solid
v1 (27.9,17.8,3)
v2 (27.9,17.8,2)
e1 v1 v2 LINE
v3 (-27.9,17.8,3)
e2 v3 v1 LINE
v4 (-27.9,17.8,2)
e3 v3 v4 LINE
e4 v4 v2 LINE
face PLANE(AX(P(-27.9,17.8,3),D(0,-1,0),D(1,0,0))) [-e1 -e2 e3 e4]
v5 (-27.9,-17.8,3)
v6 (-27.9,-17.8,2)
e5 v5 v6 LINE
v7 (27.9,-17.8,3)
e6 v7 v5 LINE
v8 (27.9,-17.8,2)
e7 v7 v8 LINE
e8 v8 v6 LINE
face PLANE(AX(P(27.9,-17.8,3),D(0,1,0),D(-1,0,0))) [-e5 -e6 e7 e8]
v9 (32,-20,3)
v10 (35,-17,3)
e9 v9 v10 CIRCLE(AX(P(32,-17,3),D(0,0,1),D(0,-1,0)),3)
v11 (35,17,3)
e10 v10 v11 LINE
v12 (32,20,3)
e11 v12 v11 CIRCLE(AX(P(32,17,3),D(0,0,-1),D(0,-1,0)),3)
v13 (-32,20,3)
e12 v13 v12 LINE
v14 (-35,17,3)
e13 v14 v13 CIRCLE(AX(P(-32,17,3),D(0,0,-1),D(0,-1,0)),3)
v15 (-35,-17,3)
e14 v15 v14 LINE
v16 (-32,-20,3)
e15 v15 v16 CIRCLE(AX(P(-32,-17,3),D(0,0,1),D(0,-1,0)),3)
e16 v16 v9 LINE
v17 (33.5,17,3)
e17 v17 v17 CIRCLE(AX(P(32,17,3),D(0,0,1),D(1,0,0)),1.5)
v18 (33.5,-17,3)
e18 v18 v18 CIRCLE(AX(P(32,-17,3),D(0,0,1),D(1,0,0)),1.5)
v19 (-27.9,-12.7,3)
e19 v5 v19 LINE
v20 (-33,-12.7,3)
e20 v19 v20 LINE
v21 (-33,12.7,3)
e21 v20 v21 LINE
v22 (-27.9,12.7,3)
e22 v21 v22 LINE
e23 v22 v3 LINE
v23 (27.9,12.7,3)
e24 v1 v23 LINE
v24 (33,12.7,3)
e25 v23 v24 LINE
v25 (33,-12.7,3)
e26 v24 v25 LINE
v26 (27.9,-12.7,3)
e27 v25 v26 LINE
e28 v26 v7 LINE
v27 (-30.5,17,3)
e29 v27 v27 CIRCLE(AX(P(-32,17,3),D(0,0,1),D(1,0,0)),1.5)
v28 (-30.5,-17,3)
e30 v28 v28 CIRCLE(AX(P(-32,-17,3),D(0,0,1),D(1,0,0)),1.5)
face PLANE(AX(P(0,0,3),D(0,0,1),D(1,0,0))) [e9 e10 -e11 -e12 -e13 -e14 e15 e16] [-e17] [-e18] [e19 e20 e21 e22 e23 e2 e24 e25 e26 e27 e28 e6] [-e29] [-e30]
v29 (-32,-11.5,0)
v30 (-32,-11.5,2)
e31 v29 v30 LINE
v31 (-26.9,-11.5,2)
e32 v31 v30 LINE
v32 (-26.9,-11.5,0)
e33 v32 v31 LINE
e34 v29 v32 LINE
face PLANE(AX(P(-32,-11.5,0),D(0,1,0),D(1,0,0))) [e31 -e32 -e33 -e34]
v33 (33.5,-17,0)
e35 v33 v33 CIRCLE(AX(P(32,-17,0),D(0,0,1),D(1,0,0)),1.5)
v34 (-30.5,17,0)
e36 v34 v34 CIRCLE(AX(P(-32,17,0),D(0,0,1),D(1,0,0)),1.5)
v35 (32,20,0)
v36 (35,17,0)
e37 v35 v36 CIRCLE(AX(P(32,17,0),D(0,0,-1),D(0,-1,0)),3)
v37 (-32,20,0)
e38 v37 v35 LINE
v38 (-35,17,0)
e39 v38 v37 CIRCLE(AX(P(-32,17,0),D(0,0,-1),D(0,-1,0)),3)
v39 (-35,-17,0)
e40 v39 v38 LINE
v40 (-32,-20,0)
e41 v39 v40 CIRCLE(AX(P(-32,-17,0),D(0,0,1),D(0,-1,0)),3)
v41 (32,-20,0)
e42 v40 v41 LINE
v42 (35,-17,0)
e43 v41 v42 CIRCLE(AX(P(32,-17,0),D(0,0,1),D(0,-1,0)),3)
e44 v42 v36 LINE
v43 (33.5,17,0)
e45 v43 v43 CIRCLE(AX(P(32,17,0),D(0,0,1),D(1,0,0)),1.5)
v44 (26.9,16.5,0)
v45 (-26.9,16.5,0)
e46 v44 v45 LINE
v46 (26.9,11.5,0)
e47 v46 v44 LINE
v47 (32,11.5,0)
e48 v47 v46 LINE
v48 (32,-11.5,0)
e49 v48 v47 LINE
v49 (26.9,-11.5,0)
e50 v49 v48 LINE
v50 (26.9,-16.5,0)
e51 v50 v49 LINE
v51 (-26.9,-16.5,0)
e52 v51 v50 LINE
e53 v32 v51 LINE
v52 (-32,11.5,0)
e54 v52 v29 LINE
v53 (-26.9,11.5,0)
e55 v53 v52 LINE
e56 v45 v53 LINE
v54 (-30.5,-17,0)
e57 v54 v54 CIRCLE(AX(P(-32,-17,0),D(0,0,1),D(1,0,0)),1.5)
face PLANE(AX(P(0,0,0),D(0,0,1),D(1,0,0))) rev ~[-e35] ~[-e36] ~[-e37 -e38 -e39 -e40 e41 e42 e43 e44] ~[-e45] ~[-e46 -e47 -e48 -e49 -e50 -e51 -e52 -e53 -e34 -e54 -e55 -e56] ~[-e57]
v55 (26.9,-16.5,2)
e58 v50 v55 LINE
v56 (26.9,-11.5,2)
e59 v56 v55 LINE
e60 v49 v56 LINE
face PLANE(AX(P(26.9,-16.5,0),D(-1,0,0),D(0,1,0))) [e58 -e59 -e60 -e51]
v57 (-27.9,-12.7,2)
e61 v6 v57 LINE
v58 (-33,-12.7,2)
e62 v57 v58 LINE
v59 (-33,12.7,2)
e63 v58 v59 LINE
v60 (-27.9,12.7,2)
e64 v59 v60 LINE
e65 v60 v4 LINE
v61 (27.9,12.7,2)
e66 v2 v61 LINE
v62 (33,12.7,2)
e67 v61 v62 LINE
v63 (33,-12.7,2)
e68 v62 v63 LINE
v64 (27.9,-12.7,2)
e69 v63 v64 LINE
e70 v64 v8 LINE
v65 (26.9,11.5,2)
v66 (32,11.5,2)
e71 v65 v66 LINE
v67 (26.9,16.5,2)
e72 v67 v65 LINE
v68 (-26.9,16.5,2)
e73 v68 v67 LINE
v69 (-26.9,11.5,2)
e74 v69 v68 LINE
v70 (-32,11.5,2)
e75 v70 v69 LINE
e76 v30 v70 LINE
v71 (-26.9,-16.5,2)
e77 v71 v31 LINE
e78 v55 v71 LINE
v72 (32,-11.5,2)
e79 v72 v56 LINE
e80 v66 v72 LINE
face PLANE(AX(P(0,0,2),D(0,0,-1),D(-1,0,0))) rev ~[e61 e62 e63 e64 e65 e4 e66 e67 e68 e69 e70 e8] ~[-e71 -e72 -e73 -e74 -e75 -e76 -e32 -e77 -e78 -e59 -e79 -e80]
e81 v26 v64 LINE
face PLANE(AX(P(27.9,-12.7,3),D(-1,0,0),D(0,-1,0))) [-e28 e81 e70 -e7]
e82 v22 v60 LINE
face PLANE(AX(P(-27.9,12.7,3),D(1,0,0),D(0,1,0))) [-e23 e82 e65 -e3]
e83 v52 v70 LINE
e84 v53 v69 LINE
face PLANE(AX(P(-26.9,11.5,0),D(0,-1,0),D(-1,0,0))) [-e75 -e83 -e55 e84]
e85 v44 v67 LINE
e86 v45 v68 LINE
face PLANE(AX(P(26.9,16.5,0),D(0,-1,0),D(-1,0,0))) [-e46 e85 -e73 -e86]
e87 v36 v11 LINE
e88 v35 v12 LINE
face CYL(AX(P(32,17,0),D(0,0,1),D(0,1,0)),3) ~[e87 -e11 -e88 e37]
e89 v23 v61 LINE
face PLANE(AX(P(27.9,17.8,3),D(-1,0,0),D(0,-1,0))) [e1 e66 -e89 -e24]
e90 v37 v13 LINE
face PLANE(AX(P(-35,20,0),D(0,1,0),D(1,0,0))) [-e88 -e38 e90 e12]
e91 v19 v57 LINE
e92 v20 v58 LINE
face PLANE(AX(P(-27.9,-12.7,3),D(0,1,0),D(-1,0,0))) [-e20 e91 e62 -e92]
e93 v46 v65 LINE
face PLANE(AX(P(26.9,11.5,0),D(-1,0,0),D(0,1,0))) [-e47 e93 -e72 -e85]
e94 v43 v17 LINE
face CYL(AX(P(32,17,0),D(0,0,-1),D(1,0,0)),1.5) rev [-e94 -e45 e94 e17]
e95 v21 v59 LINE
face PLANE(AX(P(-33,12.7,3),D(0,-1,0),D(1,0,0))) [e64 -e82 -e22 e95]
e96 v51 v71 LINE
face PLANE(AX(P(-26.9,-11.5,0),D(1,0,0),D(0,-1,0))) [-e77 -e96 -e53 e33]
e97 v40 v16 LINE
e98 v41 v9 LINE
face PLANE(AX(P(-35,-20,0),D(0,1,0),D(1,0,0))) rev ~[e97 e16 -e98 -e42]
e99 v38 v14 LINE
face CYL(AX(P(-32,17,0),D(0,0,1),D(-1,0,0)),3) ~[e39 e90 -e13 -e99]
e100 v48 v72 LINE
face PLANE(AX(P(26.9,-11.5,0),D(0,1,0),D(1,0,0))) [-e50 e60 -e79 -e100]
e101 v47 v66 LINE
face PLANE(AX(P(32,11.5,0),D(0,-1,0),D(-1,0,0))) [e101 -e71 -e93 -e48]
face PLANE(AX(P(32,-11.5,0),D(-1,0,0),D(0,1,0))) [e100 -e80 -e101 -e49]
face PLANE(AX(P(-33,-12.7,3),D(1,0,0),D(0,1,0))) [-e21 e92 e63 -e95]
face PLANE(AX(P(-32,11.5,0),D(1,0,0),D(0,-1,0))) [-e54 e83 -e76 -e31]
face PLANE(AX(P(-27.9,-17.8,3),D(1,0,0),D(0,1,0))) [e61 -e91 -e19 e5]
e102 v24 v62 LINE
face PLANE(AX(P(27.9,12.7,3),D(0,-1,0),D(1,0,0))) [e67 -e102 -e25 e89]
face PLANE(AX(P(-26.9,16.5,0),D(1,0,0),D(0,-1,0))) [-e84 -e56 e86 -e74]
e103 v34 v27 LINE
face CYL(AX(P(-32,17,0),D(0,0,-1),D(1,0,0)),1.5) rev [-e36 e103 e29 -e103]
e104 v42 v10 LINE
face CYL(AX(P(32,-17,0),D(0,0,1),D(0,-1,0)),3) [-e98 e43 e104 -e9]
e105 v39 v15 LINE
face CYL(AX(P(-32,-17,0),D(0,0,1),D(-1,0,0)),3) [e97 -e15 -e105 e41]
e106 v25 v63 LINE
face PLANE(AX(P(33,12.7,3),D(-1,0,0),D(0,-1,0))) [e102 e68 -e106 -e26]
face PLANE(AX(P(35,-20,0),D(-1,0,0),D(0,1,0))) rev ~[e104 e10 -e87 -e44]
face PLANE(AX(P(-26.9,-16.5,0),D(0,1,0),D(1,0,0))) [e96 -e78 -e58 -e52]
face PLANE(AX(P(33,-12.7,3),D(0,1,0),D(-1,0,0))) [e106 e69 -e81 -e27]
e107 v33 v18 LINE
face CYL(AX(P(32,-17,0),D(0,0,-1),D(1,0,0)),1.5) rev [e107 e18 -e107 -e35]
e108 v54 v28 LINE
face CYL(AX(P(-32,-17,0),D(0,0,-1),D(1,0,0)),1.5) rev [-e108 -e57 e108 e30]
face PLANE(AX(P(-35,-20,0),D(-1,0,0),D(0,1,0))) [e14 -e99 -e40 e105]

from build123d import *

# Parameters (mm, degrees)
SKETCH_W     = 70
SKETCH_H     = 40
SKETCH_R     = 1.5
PAD_DEPTH    = 3
POCKET_DEPTH = 1
FILLET_R     = 3


with BuildPart() as part:
    # Sketch → Pad (new body)
    with BuildSketch(Plane.XY):
        Rectangle(SKETCH_W, SKETCH_H)
        with Locations((-32, 17)):
            Circle(SKETCH_R, mode=Mode.SUBTRACT)
        with Locations((-32, -17)):
            Circle(SKETCH_R, mode=Mode.SUBTRACT)
        with Locations((32, -17)):
            Circle(SKETCH_R, mode=Mode.SUBTRACT)
        with Locations((32, 17)):
            Circle(SKETCH_R, mode=Mode.SUBTRACT)
        Polygon((-32, 11.5), (-32, -11.5), (-26.9, -11.5), (-26.9, -16.5), (26.9, -16.5), (26.9, -11.5), (32, -11.5), (32, 11.5), (26.9, 11.5), (26.9, 16.5), (-26.9, 16.5), (-26.9, 11.5), align=None, mode=Mode.SUBTRACT)
    extrude(amount=PAD_DEPTH)

    # Sketch001 → Pocket (cut)
    with BuildSketch(Plane.XY.offset(3)):
        Polygon((-27.9, 17.8), (27.9, 17.8), (27.9, 12.7), (33, 12.7), (33, -12.7), (27.9, -12.7), (27.9, -17.8), (-27.9, -17.8), (-27.9, -12.7), (-33, -12.7), (-33, 12.7), (-27.9, 12.7), align=None)
    extrude(amount=-POCKET_DEPTH, mode=Mode.SUBTRACT)

    # Fillet
    fillet_edges = [part.edges().sort_by_distance(p)[0] for p in [
        (-35, -20, 1.5),
        (35, -20, 1.5),
        (35, 20, 1.5),
        (-35, 20, 1.5),
    ]]
    fillet(fillet_edges, radius=FILLET_R)


solid = part.part
